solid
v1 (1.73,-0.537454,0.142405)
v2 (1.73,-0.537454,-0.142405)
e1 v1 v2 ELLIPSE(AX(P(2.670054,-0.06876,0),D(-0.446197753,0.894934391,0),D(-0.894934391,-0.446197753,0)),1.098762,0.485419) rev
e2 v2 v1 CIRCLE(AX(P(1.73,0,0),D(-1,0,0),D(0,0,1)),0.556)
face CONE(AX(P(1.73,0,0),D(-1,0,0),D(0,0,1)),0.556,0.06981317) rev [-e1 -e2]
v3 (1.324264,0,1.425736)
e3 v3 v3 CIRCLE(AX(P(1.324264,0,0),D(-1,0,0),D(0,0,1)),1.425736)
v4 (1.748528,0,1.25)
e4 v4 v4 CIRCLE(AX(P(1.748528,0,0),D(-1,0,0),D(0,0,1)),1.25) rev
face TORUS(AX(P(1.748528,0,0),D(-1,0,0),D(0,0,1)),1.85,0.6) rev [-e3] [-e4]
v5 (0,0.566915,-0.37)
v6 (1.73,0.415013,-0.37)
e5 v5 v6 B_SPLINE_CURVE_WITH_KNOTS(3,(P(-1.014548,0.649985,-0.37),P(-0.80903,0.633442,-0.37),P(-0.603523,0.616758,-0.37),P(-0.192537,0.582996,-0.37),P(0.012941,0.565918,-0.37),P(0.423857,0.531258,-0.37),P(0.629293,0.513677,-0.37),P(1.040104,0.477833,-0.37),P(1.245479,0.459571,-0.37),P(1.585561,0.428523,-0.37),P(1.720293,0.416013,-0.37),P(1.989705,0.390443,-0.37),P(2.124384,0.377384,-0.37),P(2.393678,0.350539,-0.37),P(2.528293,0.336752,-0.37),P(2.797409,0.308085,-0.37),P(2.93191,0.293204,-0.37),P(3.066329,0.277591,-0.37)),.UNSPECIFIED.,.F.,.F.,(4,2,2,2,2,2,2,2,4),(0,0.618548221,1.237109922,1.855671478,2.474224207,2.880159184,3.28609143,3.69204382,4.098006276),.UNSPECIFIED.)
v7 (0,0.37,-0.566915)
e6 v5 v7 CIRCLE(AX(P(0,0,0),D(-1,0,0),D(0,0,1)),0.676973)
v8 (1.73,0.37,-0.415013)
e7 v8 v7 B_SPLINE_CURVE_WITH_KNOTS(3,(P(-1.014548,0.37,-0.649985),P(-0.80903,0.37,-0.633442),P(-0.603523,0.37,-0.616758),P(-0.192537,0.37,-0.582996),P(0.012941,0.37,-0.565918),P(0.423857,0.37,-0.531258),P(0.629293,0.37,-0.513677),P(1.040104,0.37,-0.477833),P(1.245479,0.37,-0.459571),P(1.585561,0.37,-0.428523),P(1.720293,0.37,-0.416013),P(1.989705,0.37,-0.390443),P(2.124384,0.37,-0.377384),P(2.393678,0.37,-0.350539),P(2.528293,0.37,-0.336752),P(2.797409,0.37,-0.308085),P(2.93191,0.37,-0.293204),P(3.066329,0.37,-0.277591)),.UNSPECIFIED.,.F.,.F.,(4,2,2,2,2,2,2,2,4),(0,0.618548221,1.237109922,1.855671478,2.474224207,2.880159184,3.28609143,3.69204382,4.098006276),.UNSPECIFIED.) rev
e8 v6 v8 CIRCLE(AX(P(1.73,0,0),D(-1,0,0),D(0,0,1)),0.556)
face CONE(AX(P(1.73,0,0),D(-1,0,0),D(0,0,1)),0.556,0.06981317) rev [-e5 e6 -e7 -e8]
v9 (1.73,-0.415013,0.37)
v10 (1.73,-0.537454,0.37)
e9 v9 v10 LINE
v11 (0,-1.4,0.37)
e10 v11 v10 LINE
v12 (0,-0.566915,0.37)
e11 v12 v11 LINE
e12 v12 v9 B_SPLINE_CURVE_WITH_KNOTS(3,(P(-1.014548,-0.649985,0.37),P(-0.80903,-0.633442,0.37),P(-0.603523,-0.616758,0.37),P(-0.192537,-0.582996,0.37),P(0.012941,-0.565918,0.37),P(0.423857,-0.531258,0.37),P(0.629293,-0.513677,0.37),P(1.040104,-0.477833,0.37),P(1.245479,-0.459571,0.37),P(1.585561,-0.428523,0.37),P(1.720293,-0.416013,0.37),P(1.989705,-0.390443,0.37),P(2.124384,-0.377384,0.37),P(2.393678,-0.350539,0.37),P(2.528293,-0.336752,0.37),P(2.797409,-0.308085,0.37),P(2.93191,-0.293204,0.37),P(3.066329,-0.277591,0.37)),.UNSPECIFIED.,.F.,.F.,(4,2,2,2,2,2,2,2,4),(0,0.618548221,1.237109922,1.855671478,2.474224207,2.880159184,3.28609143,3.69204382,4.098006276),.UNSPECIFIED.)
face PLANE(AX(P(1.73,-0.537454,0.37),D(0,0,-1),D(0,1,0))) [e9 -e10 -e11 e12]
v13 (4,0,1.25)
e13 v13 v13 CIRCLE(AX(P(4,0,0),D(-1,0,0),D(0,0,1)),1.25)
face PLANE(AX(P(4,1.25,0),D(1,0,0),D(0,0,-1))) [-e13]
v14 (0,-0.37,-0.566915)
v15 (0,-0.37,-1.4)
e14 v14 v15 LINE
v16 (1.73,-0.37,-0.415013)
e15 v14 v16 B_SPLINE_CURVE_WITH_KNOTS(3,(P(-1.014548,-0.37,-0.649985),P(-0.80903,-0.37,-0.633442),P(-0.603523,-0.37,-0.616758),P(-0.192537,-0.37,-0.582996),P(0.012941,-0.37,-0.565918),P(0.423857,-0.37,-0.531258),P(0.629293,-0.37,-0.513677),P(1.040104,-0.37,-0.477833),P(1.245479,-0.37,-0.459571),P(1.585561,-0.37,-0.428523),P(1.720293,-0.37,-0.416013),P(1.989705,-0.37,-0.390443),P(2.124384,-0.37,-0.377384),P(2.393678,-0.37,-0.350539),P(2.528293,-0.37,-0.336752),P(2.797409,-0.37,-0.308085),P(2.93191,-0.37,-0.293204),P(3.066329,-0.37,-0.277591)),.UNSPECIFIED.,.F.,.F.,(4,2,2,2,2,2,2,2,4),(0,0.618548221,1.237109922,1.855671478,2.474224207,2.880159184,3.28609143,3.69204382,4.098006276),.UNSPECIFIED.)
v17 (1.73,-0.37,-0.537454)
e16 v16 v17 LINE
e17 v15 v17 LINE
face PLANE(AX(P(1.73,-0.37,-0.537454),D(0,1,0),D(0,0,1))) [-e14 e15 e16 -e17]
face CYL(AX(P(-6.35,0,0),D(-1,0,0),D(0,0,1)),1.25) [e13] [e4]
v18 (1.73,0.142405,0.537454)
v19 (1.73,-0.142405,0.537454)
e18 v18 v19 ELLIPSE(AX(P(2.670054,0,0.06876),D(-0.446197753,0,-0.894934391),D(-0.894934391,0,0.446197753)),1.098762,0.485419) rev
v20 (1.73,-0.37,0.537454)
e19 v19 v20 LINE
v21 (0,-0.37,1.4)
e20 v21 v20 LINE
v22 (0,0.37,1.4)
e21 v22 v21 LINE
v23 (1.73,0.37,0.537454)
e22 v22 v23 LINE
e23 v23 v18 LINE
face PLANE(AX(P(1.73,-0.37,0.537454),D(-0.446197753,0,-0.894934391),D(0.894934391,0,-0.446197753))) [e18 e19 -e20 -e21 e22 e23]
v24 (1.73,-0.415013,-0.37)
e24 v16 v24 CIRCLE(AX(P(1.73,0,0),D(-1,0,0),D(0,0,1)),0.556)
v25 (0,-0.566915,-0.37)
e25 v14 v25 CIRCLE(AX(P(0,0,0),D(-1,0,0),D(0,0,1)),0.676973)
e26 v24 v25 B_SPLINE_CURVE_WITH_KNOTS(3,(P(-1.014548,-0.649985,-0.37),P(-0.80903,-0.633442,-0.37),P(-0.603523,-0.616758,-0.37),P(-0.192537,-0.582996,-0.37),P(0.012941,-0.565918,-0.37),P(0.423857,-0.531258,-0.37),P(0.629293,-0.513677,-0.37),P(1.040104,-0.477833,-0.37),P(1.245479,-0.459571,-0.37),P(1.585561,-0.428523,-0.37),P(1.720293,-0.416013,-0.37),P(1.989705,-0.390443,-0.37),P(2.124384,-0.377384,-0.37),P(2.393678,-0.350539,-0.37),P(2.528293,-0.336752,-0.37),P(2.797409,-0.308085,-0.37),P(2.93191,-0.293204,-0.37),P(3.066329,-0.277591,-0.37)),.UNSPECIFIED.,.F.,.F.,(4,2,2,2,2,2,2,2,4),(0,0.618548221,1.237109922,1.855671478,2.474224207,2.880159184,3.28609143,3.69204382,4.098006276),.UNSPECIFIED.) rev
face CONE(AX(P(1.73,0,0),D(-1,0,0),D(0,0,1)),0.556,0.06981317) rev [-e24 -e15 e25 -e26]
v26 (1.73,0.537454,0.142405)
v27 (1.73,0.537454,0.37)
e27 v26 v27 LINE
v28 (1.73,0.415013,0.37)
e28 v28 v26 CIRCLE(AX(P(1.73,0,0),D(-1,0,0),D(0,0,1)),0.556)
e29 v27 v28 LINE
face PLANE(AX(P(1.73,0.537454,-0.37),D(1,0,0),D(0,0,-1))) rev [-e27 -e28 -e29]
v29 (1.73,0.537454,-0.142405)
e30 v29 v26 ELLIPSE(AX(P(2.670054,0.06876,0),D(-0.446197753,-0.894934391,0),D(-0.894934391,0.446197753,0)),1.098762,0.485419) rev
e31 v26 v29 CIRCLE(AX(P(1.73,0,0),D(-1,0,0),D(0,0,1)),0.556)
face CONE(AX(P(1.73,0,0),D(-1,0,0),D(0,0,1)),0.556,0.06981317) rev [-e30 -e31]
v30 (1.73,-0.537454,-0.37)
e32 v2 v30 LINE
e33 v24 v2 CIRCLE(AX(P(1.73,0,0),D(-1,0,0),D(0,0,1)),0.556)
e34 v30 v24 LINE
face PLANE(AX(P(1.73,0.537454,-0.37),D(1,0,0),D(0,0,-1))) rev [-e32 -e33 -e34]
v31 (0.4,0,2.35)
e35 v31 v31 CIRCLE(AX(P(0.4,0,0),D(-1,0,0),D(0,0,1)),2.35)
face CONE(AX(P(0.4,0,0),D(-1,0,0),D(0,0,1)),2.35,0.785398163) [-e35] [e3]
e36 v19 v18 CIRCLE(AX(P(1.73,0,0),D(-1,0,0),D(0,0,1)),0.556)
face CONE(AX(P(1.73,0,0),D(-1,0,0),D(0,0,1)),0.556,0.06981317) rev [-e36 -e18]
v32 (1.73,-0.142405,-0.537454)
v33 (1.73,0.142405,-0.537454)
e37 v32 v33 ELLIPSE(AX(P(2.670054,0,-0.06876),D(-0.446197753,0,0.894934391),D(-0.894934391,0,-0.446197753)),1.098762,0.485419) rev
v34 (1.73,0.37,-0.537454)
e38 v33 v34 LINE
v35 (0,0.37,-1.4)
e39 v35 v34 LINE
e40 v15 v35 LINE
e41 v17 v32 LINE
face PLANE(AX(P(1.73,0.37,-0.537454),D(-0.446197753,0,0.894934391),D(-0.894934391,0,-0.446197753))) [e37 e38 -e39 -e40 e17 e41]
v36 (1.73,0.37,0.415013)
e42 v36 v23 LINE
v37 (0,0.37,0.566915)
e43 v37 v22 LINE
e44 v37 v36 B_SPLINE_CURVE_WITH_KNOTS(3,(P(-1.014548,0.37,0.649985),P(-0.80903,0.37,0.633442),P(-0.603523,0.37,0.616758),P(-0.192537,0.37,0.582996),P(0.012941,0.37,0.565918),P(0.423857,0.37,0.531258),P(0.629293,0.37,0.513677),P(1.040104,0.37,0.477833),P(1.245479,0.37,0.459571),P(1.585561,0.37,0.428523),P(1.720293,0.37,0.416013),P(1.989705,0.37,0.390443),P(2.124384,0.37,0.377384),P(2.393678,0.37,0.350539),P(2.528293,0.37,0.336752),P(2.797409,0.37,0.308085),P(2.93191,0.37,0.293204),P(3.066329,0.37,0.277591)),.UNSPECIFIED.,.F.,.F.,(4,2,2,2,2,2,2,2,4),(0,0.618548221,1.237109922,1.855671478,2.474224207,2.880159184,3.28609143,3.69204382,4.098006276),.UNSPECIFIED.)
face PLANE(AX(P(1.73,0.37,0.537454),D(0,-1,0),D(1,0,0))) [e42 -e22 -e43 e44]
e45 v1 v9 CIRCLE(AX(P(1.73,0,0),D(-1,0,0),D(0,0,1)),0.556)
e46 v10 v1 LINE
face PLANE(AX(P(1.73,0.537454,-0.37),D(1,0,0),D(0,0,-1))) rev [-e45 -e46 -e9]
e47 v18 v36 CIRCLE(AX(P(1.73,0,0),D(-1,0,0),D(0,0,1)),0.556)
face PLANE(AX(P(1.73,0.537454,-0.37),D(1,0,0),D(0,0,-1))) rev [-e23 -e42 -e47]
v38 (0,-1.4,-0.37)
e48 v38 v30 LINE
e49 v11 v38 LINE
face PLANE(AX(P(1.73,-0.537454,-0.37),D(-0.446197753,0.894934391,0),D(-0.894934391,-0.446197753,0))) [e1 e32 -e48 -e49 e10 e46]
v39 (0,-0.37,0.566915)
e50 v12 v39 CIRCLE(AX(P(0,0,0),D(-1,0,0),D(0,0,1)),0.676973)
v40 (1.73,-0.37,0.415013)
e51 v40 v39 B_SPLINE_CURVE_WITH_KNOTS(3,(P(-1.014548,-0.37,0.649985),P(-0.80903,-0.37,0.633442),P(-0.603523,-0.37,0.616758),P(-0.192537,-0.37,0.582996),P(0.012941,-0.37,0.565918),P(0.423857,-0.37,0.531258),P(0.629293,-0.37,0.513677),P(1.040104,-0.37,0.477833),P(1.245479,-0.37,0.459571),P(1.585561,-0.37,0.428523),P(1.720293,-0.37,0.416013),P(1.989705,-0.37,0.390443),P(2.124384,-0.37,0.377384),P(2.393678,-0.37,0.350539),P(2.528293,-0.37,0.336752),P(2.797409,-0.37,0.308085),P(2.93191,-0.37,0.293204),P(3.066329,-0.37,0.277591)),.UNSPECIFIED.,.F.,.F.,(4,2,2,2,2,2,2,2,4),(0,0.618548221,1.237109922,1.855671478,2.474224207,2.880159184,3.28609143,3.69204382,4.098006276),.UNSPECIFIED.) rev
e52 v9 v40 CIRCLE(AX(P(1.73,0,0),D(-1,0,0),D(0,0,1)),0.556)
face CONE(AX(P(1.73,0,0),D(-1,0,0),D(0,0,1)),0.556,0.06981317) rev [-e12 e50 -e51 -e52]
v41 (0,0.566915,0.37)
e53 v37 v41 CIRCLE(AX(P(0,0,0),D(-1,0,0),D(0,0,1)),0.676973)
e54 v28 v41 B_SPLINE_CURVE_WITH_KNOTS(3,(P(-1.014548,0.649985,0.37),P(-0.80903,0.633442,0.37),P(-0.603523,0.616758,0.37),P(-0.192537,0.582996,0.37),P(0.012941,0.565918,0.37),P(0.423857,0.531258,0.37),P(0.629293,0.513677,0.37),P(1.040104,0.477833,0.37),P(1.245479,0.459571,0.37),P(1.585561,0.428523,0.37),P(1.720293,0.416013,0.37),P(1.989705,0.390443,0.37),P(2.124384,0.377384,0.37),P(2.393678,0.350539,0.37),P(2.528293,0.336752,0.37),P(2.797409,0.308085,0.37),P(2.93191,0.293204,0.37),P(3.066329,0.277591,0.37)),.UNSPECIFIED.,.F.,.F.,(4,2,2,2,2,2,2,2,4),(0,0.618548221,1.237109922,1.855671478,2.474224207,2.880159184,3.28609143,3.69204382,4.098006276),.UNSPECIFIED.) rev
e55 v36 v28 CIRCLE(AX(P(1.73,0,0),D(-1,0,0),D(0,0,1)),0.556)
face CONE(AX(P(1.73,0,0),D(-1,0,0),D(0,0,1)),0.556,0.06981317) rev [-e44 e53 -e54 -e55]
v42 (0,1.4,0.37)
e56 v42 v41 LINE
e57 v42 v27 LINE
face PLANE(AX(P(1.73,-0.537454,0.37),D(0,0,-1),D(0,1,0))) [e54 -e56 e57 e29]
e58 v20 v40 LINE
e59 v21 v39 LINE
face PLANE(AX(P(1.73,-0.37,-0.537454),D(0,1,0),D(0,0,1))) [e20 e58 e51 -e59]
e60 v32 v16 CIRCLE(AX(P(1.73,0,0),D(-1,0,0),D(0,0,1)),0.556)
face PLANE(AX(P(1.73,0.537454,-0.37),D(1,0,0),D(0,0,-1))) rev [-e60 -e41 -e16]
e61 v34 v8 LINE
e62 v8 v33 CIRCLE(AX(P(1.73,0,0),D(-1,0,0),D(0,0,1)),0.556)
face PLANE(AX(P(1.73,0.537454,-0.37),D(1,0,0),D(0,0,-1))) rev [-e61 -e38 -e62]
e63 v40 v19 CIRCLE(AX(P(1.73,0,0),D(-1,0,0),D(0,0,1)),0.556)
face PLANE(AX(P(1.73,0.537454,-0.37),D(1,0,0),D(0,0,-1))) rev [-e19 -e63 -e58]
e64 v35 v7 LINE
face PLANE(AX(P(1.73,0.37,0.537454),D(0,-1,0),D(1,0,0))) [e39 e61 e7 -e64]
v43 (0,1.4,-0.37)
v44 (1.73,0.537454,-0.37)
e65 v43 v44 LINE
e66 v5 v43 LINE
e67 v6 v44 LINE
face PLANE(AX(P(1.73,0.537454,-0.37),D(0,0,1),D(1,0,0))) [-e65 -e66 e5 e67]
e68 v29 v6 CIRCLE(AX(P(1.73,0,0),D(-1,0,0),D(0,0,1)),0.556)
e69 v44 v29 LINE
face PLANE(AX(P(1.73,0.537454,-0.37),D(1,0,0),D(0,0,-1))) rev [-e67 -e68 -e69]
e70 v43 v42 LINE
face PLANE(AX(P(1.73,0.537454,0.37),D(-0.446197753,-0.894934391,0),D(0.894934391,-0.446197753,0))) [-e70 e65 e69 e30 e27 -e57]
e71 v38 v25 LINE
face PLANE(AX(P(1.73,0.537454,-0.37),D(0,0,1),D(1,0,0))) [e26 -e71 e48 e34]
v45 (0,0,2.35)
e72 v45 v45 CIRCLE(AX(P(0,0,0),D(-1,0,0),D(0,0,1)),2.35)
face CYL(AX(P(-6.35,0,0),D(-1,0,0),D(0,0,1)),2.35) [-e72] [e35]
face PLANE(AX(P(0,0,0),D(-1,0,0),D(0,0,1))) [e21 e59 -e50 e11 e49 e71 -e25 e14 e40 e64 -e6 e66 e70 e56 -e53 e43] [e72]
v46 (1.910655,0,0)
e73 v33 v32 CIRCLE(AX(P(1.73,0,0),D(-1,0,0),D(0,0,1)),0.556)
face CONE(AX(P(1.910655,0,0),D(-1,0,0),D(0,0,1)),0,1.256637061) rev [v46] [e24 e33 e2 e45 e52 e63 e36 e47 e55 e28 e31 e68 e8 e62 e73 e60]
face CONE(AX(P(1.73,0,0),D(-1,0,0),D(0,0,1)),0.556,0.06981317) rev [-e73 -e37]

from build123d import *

# Parameters (mm, degrees)
FILLET1_R    = 0.6
RECPAT_COUNT = 2
RECPAT_ANGLE = 90


with BuildPart() as part:
    # BodySke → Base-Revolve (revolve)
    with BuildSketch(Plane.XY, mode=Mode.PRIVATE) as base_revolve_sk:
        Polygon((0, 0), (0, 2.35), (0.4, 2.35), (1.5, 1.25), (4, 1.25), (4, 0), align=None)
    revolve(base_revolve_sk.sketch.rotate(Axis((-6.35, 0, 0), (1, 0, 0)), 90), axis=Axis((-6.35, 0, 0), (1, 0, 0)))

    # Fillet1
    fillet1_edges = [part.edges().sort_by_distance(p)[0] for p in [
        (1.5, 0, -1.25),
    ]]
    fillet(fillet1_edges, radius=FILLET1_R)

    # Sketch3 → Recess section 0
    with BuildSketch(Plane.ZY):
        with BuildLine():
            Line((-0.37, 1.4), (0.37, 1.4))
            Line((0.37, 1.4), (0.37, -1.4))
            Line((0.37, -1.4), (-0.37, -1.4))
            Line((-0.37, -1.4), (-0.37, 1.4))
        make_face()
    # Sketch4 → Recess section 1
    with BuildSketch(Plane.ZY.offset(-1.73)):
        with BuildLine():
            Line((-0.37, 0.537453962), (0.37, 0.537453962))
            Line((0.37, 0.537453962), (0.37, -0.537453962))
            Line((0.37, -0.537453962), (-0.37, -0.537453962))
            Line((-0.37, -0.537453962), (-0.37, 0.537453962))
        make_face()
    recess = loft(mode=Mode.SUBTRACT)

    # RecPat: Recess ×2 about axis
    recpat_axis = Axis((0, 0, 0), (1, 0, 0))
    for i in range(1, RECPAT_COUNT):
        add(recess.rotate(recpat_axis, i * RECPAT_ANGLE / (RECPAT_COUNT - 1)), mode=Mode.SUBTRACT)

    # RecCorSke → RecessCore (revolve, cut)
    with BuildSketch(Plane.XY, mode=Mode.PRIVATE) as recesscore_sk:
        Polygon((0, 0), (0, 0.676973385), (1.73, 0.556), (1.910655351, 0), align=None)
    revolve(recesscore_sk.sketch.rotate(Axis((-3.175, 0, 0), (1, 0, 0)), 90), axis=Axis((-3.175, 0, 0), (1, 0, 0)), mode=Mode.SUBTRACT)


solid = part.part
